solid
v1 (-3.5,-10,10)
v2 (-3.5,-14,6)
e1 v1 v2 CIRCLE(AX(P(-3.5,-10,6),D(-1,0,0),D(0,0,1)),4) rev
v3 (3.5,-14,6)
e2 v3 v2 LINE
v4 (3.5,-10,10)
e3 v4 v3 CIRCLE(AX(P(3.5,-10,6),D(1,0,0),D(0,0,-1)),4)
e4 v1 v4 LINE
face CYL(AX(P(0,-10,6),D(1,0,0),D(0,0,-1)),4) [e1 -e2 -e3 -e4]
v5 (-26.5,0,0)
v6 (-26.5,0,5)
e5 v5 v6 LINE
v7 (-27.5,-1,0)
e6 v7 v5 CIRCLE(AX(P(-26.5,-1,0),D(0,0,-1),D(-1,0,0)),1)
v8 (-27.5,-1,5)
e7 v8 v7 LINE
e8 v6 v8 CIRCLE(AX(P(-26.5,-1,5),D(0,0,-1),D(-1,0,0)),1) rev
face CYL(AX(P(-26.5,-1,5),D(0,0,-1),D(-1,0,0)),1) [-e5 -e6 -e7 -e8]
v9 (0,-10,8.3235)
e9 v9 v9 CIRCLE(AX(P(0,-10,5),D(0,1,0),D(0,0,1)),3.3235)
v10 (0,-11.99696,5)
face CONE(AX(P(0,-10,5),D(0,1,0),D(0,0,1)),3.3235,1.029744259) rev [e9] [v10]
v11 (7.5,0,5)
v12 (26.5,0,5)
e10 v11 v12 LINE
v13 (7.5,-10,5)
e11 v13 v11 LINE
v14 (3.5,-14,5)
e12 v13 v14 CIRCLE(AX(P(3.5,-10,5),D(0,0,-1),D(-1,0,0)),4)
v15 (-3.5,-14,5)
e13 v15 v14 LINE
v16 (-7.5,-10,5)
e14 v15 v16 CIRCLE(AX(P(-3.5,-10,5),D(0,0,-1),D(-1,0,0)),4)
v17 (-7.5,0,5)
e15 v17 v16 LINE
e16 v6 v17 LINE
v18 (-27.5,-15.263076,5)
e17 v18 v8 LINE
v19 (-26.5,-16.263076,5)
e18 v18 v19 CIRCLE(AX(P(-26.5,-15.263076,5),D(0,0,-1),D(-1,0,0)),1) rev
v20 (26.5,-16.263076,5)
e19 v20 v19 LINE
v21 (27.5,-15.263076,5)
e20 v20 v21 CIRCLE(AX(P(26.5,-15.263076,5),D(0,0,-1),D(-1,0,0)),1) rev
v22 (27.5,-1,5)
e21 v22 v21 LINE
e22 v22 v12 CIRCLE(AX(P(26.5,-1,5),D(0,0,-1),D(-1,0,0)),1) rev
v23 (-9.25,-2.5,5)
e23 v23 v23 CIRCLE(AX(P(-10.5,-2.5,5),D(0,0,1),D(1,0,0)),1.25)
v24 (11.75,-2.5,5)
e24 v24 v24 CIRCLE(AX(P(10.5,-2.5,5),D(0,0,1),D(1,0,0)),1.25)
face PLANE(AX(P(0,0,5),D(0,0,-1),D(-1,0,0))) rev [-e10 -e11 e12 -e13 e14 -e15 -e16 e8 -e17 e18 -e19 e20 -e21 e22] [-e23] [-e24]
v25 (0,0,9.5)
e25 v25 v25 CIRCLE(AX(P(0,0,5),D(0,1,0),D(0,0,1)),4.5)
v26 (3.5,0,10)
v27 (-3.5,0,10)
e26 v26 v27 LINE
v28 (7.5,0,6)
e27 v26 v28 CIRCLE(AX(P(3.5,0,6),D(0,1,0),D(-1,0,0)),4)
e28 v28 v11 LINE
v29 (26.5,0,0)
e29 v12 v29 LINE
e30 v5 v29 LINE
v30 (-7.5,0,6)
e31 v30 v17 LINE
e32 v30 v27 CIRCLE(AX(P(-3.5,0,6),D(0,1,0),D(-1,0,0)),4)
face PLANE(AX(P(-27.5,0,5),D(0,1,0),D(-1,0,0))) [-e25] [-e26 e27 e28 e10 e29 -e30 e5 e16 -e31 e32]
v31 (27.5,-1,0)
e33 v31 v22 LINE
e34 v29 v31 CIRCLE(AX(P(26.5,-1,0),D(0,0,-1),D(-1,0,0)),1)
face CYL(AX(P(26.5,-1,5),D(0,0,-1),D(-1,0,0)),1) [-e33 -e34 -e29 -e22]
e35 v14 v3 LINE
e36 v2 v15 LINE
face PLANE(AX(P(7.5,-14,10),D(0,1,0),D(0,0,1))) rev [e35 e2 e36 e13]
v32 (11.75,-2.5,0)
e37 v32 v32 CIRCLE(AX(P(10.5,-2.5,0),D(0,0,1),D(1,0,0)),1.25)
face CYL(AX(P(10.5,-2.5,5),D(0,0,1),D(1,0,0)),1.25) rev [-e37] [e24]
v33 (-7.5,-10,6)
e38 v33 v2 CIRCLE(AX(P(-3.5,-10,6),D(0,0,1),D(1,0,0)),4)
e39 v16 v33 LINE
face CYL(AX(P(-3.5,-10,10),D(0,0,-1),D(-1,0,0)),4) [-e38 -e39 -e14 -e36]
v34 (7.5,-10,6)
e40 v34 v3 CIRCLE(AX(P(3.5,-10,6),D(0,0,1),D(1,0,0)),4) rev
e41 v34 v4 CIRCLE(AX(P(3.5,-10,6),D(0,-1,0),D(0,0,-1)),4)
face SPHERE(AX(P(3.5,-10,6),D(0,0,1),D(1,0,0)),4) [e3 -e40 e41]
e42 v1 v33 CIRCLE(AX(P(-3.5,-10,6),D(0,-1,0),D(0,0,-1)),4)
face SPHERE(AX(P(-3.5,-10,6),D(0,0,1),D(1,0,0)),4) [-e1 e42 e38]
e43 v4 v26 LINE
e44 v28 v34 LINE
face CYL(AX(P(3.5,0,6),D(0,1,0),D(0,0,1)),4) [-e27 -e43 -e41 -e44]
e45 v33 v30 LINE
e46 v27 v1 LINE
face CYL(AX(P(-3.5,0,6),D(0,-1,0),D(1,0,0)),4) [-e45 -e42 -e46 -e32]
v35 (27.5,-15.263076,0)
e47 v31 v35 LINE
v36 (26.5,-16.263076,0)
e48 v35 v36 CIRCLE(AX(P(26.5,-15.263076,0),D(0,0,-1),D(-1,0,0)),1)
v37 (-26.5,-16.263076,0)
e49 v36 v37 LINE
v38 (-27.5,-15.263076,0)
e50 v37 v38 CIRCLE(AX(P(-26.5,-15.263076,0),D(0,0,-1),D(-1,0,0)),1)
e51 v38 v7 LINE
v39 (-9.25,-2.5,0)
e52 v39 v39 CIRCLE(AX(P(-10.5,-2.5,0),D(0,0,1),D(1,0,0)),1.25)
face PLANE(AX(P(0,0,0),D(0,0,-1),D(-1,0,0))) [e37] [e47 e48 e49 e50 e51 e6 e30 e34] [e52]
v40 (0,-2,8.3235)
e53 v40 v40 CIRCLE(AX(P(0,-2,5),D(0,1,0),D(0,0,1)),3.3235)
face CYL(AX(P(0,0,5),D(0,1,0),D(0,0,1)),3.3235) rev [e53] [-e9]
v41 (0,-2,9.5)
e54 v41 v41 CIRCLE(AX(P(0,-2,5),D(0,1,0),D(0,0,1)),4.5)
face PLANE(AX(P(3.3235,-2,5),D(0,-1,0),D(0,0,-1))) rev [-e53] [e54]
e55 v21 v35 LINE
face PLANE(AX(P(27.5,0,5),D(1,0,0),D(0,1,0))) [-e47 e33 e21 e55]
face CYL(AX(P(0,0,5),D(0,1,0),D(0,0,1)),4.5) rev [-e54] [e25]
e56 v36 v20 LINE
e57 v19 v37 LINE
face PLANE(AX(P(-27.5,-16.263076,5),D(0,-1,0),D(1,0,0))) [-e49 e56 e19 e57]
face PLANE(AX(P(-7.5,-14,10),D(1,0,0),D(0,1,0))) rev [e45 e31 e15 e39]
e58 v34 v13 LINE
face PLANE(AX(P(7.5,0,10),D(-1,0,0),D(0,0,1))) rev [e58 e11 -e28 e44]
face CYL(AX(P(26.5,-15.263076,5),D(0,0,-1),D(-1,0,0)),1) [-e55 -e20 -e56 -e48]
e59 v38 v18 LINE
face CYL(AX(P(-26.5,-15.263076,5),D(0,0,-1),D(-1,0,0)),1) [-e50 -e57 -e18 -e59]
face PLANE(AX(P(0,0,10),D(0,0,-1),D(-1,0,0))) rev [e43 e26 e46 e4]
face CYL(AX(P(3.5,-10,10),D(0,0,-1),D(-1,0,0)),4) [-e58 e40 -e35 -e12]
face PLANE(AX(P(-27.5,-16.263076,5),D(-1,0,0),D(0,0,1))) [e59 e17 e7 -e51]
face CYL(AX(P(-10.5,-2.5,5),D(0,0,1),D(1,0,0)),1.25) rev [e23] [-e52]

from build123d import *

# Parameters (mm, degrees)
SKETCH1_W                               = 55.000000074
SKETCH1_H                               = 16.2630756
BOSS_EXTRUDE1_DEPTH                     = 5
SKETCH4_W                               = 15
SKETCH4_H                               = 14
BOSS_EXTRUDE2_DEPTH                     = 5
CBORE_FOR_M6_HEX_HEAD_BOLT1_D           = 6.647
CBORE_FOR_M6_HEX_HEAD_BOLT1_DEPTH       = 10
CBORE_FOR_M6_HEX_HEAD_BOLT1_CBORE_D     = 9
CBORE_FOR_M6_HEX_HEAD_BOLT1_CBORE_DEPTH = 2
CBORE_FOR_M6_HEX_HEAD_BOLT1_TIP         = 1.996960267
FILLET1_R                               = 1
FILLET2_R                               = 4
TAP_DRILL_FOR_M3X0_5_TAP1_D             = 2.5


with BuildPart() as part:
    # Sketch1 → Boss-Extrude1 (new body)
    with BuildSketch(Plane(origin=(0, 0, 0), x_dir=(-1, 0, 0), z_dir=(0, 0, -1))):
        with Locations((3.7e-08, -8.131537807)):
            Rectangle(SKETCH1_W, SKETCH1_H)
    extrude(amount=-BOSS_EXTRUDE1_DEPTH)

    # Sketch4 → Boss-Extrude2 (add)
    with BuildSketch(Plane.XY.offset(5)):
        with Locations((0, -7)):
            Rectangle(SKETCH4_W, SKETCH4_H)
    extrude(amount=BOSS_EXTRUDE2_DEPTH)

    # CBORE for M6 Hex Head Bolt1
    with Locations(Plane(origin=(0, 0, 0), x_dir=(1, 0, 0), z_dir=(0, 1, 0))):
        with Locations((0, -5)):
            CounterBoreHole(CBORE_FOR_M6_HEX_HEAD_BOLT1_D / 2, CBORE_FOR_M6_HEX_HEAD_BOLT1_CBORE_D / 2, CBORE_FOR_M6_HEX_HEAD_BOLT1_CBORE_DEPTH, depth=CBORE_FOR_M6_HEX_HEAD_BOLT1_DEPTH)
            with Locations((0, 0, -(CBORE_FOR_M6_HEX_HEAD_BOLT1_DEPTH + CBORE_FOR_M6_HEX_HEAD_BOLT1_TIP / 2))):  # 118° drill point
                Cone(0, CBORE_FOR_M6_HEX_HEAD_BOLT1_D / 2, CBORE_FOR_M6_HEX_HEAD_BOLT1_TIP, mode=Mode.SUBTRACT)

    # Fillet1
    fillet1_edges = [part.edges().sort_by_distance(p)[0] for p in [
        (27.5, -7e-09, 2.5),
        (-27.500000074, -7e-09, 2.5),
        (27.5, -16.263075607, 2.5),
        (-27.500000074, -16.263075607, 2.5),
    ]]
    fillet(fillet1_edges, radius=FILLET1_R)

    # Fillet2
    fillet2_edges = [part.edges().sort_by_distance(p)[0] for p in [
        (7.5, -14, 7.5),
        (7.5, -7, 10),
        (-7.5, -14, 7.5),
        (0, -14, 10),
        (-7.5, -7, 10),
    ]]
    fillet(fillet2_edges, radius=FILLET2_R)

    # Tap Drill for M3x0.5 Tap1 (through all)
    with Locations(Plane(origin=(-10.5, -2.500000007, 5), x_dir=(1, 0, 0), z_dir=(0, 0, 1))):
        with Locations((0, 0), (21, 0)):
            Hole(TAP_DRILL_FOR_M3X0_5_TAP1_D / 2)


solid = part.part
